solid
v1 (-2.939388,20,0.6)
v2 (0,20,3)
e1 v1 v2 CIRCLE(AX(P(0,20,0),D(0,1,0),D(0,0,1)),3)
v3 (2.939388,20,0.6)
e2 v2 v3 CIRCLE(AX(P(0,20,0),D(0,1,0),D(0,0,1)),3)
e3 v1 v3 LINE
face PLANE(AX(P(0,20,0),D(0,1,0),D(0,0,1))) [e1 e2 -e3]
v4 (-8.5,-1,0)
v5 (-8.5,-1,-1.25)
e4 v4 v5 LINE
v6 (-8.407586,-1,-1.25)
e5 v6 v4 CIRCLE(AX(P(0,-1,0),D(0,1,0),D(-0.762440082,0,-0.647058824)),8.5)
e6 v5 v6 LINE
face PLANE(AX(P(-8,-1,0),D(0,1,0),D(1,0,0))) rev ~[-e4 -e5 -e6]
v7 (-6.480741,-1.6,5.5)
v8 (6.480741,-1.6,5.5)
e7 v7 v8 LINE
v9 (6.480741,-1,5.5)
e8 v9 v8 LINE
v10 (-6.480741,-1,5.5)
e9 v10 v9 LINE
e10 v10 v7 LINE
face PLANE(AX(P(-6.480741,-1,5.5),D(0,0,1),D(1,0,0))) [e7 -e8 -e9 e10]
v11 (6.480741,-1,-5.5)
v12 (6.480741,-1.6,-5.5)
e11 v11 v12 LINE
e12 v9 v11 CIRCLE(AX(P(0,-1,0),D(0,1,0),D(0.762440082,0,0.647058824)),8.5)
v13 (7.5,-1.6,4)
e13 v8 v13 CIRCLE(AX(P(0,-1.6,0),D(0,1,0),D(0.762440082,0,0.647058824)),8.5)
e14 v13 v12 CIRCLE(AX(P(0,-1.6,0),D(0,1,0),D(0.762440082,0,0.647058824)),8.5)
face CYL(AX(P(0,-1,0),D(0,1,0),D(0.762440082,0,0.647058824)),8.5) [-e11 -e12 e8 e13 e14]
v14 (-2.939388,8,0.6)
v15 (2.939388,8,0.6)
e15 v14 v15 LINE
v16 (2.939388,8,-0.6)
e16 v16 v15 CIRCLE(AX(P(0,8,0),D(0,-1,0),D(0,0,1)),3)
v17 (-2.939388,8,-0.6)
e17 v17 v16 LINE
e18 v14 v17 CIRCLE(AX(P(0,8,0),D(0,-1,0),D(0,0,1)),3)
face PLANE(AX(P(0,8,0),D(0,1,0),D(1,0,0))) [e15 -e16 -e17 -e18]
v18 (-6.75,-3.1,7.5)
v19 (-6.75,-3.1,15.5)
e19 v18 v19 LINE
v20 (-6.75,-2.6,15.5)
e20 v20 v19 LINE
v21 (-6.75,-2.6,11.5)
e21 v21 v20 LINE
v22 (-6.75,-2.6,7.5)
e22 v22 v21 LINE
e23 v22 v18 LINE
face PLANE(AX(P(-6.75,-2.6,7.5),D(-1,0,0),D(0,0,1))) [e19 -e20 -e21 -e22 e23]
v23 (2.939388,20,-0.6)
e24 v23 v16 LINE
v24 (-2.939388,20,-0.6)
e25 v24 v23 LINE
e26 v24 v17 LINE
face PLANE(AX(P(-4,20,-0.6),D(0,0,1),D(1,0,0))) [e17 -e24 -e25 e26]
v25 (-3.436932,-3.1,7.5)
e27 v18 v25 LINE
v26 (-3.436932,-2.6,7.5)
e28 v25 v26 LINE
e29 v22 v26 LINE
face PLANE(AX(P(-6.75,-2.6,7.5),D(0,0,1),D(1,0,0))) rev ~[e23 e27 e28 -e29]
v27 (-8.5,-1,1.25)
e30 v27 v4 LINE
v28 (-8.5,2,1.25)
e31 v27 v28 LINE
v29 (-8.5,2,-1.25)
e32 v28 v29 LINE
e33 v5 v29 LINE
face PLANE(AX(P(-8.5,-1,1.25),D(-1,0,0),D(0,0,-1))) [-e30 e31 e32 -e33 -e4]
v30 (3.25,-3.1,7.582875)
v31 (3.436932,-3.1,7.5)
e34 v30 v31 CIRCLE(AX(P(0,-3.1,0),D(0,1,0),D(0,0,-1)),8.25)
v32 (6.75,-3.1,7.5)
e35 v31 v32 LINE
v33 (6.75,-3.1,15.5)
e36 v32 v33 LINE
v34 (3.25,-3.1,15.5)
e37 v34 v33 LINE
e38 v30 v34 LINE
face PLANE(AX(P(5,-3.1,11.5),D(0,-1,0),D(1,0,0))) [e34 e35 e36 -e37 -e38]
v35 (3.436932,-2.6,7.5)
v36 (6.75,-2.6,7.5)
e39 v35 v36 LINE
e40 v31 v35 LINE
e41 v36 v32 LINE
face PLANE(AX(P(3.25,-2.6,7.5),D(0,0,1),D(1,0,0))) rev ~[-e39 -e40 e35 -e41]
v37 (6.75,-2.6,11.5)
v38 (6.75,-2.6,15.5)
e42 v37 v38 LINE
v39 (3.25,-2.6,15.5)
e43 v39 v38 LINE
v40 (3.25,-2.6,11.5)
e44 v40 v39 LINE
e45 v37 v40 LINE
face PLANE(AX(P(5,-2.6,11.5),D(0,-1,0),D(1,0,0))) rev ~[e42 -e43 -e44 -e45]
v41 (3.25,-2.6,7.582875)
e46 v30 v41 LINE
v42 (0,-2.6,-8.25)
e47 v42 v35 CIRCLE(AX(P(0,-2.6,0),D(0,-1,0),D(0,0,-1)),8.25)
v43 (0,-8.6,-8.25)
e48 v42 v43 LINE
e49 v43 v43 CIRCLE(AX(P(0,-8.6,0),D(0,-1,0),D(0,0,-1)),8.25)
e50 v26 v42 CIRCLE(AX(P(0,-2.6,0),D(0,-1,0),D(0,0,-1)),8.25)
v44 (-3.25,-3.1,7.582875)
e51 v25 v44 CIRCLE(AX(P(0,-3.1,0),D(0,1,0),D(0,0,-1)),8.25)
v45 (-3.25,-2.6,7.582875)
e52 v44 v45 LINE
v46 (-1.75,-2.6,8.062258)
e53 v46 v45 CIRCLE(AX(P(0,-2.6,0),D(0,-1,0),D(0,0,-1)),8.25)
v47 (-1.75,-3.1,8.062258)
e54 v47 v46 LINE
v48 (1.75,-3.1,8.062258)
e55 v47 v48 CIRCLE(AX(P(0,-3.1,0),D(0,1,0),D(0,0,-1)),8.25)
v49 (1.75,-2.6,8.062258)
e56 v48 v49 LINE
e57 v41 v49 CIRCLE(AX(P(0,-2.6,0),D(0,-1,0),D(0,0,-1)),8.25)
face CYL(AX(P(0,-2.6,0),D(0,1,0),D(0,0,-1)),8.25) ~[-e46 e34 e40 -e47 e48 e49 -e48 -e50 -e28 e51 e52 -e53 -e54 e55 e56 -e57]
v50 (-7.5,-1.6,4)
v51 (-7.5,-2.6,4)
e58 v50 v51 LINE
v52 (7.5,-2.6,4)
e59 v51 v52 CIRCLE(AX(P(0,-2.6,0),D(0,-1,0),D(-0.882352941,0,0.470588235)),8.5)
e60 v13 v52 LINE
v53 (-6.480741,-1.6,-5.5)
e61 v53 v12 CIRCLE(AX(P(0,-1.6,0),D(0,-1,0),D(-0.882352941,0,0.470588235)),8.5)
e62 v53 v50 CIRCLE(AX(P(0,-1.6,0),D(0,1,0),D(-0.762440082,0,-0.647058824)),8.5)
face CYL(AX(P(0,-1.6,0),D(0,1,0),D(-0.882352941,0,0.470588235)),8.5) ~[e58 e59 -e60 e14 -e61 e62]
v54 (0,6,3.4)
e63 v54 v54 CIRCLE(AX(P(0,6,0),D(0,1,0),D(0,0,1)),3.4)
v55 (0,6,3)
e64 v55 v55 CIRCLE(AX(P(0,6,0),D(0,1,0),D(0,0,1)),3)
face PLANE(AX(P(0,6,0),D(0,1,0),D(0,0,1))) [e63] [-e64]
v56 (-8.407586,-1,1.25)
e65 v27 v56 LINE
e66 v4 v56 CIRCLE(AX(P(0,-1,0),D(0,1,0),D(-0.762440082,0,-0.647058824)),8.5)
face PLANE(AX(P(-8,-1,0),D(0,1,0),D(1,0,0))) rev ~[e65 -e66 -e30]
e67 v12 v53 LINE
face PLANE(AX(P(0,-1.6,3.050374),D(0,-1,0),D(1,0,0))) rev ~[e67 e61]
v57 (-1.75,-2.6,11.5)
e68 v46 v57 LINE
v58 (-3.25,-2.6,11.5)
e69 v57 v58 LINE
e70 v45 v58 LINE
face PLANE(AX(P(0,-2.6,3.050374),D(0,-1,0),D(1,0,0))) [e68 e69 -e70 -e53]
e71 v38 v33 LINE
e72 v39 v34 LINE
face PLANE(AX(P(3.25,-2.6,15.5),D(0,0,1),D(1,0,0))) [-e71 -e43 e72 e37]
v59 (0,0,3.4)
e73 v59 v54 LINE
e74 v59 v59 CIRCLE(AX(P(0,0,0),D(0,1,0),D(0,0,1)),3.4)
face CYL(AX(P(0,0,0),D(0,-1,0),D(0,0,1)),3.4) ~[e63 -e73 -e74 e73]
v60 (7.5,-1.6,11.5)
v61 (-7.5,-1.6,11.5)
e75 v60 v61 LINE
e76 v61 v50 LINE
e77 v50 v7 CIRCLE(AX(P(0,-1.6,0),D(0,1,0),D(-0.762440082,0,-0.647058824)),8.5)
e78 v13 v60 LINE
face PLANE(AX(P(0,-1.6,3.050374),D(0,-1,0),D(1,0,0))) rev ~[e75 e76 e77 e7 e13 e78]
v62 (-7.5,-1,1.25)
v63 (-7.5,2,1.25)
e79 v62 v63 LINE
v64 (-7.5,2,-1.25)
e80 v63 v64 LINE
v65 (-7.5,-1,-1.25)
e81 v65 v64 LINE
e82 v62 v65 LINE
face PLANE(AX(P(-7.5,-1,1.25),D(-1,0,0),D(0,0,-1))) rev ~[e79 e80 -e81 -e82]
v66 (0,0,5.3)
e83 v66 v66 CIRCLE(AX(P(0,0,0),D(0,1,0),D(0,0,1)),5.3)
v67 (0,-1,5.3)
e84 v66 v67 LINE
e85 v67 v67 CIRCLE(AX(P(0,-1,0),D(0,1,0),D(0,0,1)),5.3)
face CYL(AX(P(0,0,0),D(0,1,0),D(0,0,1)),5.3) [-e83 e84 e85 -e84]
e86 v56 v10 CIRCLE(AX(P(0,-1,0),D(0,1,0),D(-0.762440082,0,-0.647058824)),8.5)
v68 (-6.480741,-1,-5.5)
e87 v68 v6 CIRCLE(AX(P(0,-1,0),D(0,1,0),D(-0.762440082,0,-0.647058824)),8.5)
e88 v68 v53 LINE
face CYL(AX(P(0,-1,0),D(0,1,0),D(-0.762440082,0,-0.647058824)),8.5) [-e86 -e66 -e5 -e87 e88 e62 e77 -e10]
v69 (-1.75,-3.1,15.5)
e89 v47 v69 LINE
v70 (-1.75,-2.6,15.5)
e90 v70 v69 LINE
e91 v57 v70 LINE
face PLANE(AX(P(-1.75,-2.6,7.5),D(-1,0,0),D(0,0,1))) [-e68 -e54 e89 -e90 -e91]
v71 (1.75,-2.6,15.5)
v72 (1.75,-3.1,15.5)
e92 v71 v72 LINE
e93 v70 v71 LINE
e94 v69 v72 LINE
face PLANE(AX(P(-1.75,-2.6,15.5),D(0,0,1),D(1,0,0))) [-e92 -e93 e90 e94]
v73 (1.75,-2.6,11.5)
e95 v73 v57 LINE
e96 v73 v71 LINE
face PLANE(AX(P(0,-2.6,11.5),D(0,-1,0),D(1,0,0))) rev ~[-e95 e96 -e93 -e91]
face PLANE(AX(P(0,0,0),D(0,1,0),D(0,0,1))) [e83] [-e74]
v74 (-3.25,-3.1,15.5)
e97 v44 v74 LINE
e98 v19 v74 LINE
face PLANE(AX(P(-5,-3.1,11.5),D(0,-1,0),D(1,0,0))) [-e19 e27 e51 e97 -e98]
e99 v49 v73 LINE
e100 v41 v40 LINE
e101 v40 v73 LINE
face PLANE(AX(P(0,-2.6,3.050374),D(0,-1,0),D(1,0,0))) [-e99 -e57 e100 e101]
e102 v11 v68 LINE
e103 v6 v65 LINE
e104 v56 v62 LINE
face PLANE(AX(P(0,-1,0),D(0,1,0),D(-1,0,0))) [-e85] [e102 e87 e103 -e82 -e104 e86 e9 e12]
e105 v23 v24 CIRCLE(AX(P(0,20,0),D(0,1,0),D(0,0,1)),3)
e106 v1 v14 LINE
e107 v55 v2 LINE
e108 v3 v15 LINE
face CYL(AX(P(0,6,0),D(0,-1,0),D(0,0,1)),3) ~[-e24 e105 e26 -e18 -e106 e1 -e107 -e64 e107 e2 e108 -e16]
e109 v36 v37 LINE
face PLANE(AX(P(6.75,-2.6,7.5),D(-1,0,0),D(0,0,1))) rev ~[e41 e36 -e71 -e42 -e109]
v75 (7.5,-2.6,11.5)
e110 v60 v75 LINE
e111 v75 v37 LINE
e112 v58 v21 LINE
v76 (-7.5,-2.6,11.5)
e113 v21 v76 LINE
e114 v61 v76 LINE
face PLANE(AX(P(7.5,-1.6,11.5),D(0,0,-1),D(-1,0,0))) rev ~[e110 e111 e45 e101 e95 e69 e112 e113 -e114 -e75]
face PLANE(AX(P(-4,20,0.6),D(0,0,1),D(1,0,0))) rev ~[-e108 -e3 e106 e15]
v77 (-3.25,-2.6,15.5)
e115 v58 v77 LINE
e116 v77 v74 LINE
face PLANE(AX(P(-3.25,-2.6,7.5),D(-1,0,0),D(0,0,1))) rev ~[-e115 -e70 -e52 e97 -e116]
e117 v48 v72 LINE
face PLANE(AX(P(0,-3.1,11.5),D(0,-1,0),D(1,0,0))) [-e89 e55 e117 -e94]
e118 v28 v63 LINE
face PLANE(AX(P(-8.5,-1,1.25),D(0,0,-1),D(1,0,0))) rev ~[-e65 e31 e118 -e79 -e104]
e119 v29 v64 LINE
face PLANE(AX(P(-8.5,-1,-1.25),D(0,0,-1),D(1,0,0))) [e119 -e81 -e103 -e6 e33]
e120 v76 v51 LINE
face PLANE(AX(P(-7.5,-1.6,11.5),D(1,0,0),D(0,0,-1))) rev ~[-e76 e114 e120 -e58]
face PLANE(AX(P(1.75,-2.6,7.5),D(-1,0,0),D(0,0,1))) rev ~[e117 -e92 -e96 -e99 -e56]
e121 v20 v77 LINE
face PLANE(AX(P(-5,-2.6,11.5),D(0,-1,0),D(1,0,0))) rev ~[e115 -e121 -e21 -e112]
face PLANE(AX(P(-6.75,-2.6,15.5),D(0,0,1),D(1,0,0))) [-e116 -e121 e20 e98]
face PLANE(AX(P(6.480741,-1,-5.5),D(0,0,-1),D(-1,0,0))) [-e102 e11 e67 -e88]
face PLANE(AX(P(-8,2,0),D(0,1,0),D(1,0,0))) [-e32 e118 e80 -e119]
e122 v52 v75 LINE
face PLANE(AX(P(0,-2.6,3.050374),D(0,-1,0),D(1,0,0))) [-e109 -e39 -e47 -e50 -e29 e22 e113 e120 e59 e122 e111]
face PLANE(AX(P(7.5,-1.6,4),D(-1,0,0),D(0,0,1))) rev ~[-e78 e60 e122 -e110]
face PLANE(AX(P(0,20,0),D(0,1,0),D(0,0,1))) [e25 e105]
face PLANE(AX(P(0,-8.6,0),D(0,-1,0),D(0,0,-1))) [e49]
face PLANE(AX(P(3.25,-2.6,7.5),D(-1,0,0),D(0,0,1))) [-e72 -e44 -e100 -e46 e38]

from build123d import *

# Parameters (mm, degrees)
SKETCH1_R           = 5.3
BOSS_EXTRUDE1_DEPTH = 1
SKETCH2_R           = 3.4
BOSS_EXTRUDE2_DEPTH = 6
SKETCH3_R           = 3
BOSS_EXTRUDE3_DEPTH = 14
SKETCH4_W           = 8
SKETCH4_H           = 1.2
CUT_EXTRUDE1_DEPTH  = 12
BOSS_EXTRUDE4_DEPTH = 0.6
BOSS_EXTRUDE5_DEPTH = 1
SKETCH7_R           = 8.25
BOSS_EXTRUDE6_DEPTH = 6
SKETCH8_W           = 3.5
SKETCH8_H           = 8
BOSS_EXTRUDE7_DEPTH = 0.5
SKETCH9_W           = 1
SKETCH9_H           = 2.5
BOSS_EXTRUDE8_DEPTH = 3


with BuildPart() as part:
    # Sketch1 → Boss-Extrude1 (new body)
    with BuildSketch(Plane(origin=(0, 0, 0), x_dir=(1, 0, 0), z_dir=(0, 1, 0))):
        with Locations(Location((0, 0, 0), (0, 0, 270))):
            Circle(SKETCH1_R)
    extrude(amount=-BOSS_EXTRUDE1_DEPTH)

    # Sketch2 → Boss-Extrude2 (add)
    with BuildSketch(Plane(origin=(0, 0, 0), x_dir=(1, 0, 0), z_dir=(0, 1, 0))):
        with Locations(Location((0, 0, 0), (0, 0, 270))):
            Circle(SKETCH2_R)
    extrude(amount=BOSS_EXTRUDE2_DEPTH)

    # Sketch3 → Boss-Extrude3 (add)
    with BuildSketch(Plane(origin=(0, 6, 0), x_dir=(1, 0, 0), z_dir=(0, 1, 0))):
        with Locations(Location((0, 0, 0), (0, 0, 270))):
            Circle(SKETCH3_R)
    extrude(amount=BOSS_EXTRUDE3_DEPTH)

    # Sketch4 → Cut-Extrude1 (cut)
    with BuildSketch(Plane(origin=(0, 20, 0), x_dir=(1, 0, 0), z_dir=(0, 1, 0))):
        Rectangle(SKETCH4_W, SKETCH4_H)
    extrude(amount=-CUT_EXTRUDE1_DEPTH, mode=Mode.SUBTRACT)

    # Sketch5 → Boss-Extrude4 (add)
    with BuildSketch(Plane.XZ.offset(1)):
        with BuildLine():
            Line((-6.480740698, 5.5), (6.480740698, 5.5))
            ThreePointArc((6.480740698, 5.5), (8.5, 0), (6.480740698, -5.5))
            Line((6.480740698, -5.5), (-6.480740698, -5.5))
            ThreePointArc((-6.480740698, -5.5), (-8.5, 0), (-6.480740698, 5.5))
        make_face()
    extrude(amount=BOSS_EXTRUDE4_DEPTH)

    # Sketch6 → Boss-Extrude5 (add)
    with BuildSketch(Plane.XZ.offset(1.6)):
        with BuildLine():
            Line((7.5, 4), (7.5, 11.5))
            Line((7.5, 11.5), (-7.5, 11.5))
            Line((-7.5, 11.5), (-7.5, 4))
            ThreePointArc((-7.5, 4), (0, -8.5), (7.5, 4))
        make_face()
    extrude(amount=BOSS_EXTRUDE5_DEPTH)

    # Sketch7 → Boss-Extrude6 (add)
    with BuildSketch(Plane.XZ.offset(2.6)):
        with Locations(Location((0, 0, 0), (0, 0, 270))):
            Circle(SKETCH7_R)
    extrude(amount=BOSS_EXTRUDE6_DEPTH)

    # Sketch8 → Boss-Extrude7 (add)
    with BuildSketch(Plane.XZ.offset(2.6)):
        with Locations((-5, 11.5)):
            Rectangle(SKETCH8_W, SKETCH8_H)
        with Locations((0, 11.5)):
            Rectangle(SKETCH8_W, SKETCH8_H)
        with Locations((5, 11.5)):
            Rectangle(SKETCH8_W, SKETCH8_H)
    extrude(amount=BOSS_EXTRUDE7_DEPTH)

    # Sketch9 → Boss-Extrude8 (add)
    with BuildSketch(Plane(origin=(0, -1, 0), x_dir=(1, 0, 0), z_dir=(0, 1, 0))):
        with Locations((-8, 0)):
            Rectangle(SKETCH9_W, SKETCH9_H)
    extrude(amount=BOSS_EXTRUDE8_DEPTH)


solid = part.part
